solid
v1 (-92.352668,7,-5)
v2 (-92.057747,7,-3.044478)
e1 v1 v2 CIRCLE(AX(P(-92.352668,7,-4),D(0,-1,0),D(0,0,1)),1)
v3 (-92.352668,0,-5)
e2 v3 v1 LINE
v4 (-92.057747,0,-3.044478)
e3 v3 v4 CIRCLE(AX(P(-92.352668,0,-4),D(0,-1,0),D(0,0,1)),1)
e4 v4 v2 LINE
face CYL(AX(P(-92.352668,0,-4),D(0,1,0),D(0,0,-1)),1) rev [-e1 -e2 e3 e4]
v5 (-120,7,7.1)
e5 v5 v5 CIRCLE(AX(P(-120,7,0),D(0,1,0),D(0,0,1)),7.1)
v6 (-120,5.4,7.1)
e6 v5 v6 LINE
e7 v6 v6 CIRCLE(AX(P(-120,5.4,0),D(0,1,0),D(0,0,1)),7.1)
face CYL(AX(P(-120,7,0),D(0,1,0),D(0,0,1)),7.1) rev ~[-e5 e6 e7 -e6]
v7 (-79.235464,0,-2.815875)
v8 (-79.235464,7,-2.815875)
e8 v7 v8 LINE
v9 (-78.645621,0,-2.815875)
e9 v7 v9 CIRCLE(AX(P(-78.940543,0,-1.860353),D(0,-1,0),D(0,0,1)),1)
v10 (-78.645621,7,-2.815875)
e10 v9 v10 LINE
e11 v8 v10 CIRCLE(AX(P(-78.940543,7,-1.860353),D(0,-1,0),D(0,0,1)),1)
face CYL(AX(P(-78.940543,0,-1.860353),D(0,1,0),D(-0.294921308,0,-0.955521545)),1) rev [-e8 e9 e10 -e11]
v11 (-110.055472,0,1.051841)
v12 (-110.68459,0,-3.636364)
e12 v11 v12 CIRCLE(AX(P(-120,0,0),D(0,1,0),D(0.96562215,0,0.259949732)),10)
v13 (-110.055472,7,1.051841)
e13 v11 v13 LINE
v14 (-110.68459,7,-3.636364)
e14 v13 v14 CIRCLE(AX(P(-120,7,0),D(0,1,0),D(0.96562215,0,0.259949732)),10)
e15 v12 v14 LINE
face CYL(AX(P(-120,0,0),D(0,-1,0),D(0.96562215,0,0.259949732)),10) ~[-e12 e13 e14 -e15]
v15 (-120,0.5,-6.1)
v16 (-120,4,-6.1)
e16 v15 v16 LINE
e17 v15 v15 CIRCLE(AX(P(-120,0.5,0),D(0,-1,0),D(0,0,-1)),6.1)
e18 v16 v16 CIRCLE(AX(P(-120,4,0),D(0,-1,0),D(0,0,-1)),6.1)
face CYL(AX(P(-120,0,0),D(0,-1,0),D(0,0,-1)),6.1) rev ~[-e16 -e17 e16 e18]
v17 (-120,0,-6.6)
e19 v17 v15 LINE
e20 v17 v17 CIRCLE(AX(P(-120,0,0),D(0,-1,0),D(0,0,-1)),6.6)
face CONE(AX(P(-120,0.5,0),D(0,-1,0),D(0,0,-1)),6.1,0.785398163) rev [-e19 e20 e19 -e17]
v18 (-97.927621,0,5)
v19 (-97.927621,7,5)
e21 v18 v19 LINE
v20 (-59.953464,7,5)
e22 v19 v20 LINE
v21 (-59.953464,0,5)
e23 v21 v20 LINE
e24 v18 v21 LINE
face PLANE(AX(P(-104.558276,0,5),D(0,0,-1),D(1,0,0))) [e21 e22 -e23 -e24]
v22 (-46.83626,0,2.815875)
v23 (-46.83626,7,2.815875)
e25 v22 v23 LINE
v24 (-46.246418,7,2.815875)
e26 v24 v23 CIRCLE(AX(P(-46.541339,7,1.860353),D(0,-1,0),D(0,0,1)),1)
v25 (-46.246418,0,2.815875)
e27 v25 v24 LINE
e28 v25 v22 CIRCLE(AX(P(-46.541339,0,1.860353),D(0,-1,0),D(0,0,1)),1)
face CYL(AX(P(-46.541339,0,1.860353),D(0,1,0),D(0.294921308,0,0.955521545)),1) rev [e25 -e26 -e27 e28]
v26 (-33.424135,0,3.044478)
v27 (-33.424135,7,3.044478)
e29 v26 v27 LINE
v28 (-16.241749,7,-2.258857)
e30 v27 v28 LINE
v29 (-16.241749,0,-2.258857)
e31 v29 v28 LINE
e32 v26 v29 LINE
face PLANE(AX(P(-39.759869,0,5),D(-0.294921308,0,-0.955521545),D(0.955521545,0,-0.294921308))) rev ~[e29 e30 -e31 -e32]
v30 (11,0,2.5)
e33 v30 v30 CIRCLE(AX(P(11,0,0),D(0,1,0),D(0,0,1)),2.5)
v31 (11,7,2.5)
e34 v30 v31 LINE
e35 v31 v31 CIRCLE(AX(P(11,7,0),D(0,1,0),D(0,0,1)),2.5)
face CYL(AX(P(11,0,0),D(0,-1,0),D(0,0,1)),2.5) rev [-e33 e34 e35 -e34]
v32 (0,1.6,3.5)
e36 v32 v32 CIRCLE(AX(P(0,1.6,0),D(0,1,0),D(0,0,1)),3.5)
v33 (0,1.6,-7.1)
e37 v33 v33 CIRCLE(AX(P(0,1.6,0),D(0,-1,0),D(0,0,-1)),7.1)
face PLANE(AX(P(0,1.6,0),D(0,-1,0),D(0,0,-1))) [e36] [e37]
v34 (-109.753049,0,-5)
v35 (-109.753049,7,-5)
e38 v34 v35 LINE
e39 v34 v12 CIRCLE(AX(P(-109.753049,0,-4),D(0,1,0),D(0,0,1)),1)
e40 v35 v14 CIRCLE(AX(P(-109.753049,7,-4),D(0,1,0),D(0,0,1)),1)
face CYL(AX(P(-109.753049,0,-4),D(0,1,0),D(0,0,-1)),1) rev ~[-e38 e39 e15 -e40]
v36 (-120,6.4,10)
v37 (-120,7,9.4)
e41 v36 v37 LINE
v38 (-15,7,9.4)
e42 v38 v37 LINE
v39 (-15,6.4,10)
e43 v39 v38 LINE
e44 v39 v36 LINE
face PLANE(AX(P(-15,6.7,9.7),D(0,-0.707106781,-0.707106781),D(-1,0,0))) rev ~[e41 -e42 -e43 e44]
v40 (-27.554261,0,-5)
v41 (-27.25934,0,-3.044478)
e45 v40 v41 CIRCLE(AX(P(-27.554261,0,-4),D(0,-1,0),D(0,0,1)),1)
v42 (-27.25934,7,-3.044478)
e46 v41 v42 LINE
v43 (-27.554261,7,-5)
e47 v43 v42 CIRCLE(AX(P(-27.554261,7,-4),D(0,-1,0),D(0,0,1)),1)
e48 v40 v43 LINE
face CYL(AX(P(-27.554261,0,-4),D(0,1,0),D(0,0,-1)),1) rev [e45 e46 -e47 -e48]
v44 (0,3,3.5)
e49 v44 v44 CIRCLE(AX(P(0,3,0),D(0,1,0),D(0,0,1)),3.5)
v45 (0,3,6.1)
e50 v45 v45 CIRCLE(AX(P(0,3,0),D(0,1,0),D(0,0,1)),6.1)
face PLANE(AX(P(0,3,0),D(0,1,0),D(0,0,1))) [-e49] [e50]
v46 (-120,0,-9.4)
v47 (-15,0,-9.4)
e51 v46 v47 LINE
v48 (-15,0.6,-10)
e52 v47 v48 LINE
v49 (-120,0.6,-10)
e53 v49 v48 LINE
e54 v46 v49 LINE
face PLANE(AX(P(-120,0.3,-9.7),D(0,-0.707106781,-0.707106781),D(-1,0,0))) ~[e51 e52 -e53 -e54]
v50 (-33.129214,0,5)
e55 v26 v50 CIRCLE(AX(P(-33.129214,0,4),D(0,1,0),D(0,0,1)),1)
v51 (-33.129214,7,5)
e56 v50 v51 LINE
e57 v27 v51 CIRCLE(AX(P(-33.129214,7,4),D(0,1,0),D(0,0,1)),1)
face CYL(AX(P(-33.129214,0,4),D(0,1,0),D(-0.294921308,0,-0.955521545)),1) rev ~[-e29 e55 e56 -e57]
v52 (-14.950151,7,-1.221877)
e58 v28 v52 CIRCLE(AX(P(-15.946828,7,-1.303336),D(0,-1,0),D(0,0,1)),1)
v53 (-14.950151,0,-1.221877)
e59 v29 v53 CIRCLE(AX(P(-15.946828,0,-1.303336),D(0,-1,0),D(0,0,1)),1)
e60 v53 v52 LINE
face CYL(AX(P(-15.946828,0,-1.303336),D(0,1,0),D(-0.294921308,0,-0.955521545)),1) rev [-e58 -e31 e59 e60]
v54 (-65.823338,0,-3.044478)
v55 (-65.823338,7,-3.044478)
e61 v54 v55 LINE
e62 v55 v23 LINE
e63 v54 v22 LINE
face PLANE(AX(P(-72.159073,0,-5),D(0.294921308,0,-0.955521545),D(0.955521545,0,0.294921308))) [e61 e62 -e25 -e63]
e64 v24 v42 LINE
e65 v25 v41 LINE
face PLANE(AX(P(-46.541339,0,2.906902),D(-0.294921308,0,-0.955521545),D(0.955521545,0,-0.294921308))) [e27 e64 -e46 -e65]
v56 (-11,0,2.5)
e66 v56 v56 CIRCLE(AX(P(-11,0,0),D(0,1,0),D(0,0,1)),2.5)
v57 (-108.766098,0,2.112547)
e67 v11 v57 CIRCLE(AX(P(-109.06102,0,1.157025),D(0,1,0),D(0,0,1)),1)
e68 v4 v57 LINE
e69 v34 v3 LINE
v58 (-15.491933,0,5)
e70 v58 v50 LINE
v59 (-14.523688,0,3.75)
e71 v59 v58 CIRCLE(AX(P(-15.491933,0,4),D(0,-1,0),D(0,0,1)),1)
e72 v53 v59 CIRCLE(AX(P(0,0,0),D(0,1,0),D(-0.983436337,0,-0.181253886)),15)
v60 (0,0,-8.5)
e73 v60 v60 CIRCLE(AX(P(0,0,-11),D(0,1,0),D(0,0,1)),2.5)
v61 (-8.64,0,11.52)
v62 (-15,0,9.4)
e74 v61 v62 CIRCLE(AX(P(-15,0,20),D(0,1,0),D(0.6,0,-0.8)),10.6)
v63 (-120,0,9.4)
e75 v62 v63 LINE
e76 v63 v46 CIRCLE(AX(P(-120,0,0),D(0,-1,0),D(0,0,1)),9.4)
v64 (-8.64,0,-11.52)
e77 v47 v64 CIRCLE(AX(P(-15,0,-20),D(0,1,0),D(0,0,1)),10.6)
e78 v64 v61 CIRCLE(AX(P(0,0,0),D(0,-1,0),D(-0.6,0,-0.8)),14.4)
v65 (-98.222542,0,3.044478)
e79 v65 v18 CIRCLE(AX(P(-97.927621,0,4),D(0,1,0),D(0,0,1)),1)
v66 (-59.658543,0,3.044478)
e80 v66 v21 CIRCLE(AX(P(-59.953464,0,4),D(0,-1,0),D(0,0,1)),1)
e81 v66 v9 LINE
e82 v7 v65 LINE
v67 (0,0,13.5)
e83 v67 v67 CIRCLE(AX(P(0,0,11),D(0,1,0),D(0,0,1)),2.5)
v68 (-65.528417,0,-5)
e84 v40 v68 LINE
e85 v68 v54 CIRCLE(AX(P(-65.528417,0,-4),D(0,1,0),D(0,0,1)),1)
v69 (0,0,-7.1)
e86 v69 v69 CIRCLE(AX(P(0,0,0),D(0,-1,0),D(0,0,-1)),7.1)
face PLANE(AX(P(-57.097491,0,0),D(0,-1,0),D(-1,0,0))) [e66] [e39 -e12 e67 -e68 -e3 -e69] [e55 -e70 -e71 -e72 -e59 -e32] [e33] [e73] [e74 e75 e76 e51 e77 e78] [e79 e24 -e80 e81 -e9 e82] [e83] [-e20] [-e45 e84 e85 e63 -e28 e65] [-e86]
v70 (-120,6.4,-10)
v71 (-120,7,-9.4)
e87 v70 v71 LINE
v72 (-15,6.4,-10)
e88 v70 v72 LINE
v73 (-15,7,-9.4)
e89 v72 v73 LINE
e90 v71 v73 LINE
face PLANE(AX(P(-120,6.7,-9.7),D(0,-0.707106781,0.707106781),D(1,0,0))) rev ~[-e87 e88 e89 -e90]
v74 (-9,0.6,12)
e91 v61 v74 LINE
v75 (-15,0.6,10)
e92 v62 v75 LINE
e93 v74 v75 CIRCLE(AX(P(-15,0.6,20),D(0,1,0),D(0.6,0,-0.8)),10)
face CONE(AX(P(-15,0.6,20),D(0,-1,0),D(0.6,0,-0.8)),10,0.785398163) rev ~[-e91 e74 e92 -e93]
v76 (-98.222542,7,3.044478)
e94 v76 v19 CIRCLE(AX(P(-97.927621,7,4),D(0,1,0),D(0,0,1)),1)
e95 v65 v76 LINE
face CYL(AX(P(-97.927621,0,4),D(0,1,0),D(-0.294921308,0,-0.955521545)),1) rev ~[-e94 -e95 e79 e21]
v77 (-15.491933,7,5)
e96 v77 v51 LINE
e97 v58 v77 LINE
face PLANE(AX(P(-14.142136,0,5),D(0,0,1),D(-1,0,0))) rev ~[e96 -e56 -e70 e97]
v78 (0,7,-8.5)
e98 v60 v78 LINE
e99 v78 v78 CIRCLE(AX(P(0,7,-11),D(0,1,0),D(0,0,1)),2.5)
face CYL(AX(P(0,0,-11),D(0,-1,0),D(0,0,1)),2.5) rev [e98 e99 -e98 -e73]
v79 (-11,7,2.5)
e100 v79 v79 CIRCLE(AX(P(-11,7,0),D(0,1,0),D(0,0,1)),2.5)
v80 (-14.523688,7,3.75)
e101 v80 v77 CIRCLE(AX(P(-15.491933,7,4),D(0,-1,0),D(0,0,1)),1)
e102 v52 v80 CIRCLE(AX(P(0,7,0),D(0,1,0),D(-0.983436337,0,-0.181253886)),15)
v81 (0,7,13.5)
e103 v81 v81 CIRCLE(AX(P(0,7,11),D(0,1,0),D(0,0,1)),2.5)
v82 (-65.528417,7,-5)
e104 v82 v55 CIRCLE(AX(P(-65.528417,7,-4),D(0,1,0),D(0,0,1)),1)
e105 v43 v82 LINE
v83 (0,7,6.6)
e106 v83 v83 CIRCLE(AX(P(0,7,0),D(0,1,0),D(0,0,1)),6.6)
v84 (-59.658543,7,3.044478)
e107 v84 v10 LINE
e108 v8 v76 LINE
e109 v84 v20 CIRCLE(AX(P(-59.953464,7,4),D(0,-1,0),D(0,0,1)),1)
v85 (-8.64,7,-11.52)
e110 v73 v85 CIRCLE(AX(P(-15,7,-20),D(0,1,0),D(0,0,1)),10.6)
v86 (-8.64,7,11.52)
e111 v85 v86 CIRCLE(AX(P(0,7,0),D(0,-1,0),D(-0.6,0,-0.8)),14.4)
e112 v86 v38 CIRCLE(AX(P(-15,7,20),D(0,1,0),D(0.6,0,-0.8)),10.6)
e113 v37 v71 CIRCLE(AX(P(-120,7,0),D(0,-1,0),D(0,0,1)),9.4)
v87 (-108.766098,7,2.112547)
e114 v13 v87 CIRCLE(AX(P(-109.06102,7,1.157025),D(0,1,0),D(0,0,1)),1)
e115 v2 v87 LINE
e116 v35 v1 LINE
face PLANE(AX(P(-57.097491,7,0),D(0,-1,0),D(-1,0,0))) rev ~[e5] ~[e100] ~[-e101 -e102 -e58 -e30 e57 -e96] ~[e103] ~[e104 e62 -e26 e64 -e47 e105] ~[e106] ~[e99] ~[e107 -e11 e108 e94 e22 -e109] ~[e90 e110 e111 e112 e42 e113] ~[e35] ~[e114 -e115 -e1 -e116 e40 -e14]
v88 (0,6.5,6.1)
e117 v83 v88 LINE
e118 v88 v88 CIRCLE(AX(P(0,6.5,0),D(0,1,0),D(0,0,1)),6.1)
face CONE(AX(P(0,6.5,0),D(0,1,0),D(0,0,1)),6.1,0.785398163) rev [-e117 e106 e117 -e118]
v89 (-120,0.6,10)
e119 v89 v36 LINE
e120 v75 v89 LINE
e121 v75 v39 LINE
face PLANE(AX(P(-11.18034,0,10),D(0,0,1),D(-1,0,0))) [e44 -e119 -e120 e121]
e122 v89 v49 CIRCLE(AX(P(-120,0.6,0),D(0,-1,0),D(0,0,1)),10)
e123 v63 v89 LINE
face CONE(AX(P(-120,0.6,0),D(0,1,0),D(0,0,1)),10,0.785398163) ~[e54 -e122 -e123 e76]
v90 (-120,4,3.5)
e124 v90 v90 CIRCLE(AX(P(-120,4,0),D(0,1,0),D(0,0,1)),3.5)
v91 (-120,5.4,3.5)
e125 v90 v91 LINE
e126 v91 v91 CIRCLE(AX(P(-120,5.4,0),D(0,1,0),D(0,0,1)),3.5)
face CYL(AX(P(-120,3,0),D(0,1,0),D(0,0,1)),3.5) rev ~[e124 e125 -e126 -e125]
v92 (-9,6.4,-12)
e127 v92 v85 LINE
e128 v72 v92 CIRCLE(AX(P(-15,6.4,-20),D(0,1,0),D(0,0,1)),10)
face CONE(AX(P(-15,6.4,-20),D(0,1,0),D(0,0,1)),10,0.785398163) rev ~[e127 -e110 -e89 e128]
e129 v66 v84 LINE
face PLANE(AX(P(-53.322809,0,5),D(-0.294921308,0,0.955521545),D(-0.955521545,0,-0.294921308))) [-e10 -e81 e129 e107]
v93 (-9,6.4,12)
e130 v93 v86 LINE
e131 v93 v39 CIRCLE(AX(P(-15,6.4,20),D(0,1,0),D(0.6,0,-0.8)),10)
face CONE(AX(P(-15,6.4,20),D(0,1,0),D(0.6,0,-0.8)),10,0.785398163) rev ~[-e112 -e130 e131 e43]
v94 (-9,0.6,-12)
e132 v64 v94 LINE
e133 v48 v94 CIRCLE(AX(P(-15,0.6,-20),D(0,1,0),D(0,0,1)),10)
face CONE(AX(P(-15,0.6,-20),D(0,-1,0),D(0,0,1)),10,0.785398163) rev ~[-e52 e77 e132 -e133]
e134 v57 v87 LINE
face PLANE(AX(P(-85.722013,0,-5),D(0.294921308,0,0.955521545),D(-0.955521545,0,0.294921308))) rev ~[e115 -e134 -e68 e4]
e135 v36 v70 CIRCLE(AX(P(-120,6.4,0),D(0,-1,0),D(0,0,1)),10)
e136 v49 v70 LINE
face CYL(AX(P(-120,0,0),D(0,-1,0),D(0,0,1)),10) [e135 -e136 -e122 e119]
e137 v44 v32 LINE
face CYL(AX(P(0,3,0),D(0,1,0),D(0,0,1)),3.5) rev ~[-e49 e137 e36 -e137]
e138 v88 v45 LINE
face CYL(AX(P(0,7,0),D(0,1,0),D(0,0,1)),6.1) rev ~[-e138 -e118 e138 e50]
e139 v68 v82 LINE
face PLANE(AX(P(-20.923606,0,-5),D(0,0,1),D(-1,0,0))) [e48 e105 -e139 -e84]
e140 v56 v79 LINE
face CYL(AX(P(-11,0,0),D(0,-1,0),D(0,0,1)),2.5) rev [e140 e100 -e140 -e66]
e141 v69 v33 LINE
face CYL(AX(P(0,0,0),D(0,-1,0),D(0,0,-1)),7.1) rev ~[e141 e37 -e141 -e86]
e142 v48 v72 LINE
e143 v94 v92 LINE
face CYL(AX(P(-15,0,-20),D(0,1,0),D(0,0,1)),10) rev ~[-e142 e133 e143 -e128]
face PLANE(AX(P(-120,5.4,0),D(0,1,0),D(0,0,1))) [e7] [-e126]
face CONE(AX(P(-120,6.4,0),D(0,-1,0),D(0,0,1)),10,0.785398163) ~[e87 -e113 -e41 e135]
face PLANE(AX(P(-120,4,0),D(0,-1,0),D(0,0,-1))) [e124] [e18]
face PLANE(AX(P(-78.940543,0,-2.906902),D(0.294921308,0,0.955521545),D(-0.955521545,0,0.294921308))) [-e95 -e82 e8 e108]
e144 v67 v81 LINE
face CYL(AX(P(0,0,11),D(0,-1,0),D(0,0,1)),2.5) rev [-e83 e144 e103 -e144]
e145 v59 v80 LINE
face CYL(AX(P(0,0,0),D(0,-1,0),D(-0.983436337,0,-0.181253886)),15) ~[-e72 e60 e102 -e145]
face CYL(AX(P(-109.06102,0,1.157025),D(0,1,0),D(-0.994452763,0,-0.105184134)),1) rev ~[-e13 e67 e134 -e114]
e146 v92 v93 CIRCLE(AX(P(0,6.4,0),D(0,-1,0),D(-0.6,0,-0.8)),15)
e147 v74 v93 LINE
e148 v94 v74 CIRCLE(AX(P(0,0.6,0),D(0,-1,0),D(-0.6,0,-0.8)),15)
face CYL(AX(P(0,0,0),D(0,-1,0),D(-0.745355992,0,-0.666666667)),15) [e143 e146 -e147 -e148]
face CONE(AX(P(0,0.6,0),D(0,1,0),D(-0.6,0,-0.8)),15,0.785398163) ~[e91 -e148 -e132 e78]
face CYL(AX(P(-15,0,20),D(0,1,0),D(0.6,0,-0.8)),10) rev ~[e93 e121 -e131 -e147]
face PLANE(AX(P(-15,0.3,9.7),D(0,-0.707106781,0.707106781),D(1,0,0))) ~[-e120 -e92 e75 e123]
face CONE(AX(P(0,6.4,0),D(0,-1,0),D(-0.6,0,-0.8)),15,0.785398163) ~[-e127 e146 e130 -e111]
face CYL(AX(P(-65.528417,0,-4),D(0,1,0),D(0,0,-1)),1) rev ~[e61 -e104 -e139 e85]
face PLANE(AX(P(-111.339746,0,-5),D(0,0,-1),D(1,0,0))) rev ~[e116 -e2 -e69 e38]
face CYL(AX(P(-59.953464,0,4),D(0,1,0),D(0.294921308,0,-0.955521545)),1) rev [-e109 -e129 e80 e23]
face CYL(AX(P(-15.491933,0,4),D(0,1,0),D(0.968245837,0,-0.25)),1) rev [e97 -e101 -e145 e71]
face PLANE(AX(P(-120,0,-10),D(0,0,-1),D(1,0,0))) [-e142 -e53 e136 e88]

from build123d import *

# Parameters (mm, degrees)
SKETCH_1_R          = 2.5
EXTRUDE_1_DEPTH     = 7
FILLET_1_R          = 1
FILLET_2_R          = 1
FILLET_3_R          = 1
FILLET_4_R          = 1
FILLET_5_R          = 10
SKETCH_2_R          = 7.1
CUT_EXTRUDE_1_DEPTH = 1.6
SKETCH_3_R          = 6.1
CUT_EXTRUDE_2_DEPTH = 4
SKETCH_4_R          = 6.1
CUT_EXTRUDE_4_DEPTH = 4
SKETCH_5_R          = 7.1
CUT_EXTRUDE_5_DEPTH = 1.6
SKETCH_6_R          = 3.5
CUT_EXTRUDE_6_DEPTH = 5
CHAMFER_1_SIZE      = 0.6
CHAMFER_2_SIZE      = 0.5


with BuildPart() as part:
    # 草图1 → 凸台-拉伸1 (new body)
    with BuildSketch(Plane(origin=(0, 0, 0), x_dir=(1, 0, 0), z_dir=(0, 1, 0))):
        with BuildLine():
            Line((-120, 10), (-11.180339887, 10))
            ThreePointArc((-11.180339887, 10), (15, 0), (-11.180339887, -10))
            Line((-11.180339887, -10), (-120, -10))
            ThreePointArc((-120, -10), (-130, 0), (-120, 10))
        make_face()
        with Locations(Location((-11, 0, 0), (0, 0, 270))):
            Circle(SKETCH_1_R, mode=Mode.SUBTRACT)
        with Locations(Location((0, 11, 0), (0, 0, 270))):
            Circle(SKETCH_1_R, mode=Mode.SUBTRACT)
        with Locations(Location((11, 0, 0), (0, 0, 270))):
            Circle(SKETCH_1_R, mode=Mode.SUBTRACT)
        with Locations(Location((0, -11, 0), (0, 0, 270))):
            Circle(SKETCH_1_R, mode=Mode.SUBTRACT)
        Polygon((-104.558275962, -5), (-53.32280907, -5), (-78.940542516, 2.906902245), align=None, mode=Mode.SUBTRACT)
        with BuildLine():
            Line((-111.339745962, 5), (-85.722012516, 5))
            Line((-85.722012516, 5), (-110.343778499, -2.599497322))
            ThreePointArc((-110.343778499, -2.599497322), (-110.084789012, 1.299457992), (-111.339745962, 5))
        make_face(mode=Mode.SUBTRACT)
        Polygon((-72.159072516, 5), (-46.54133907, -2.906902245), (-20.923605624, 5), align=None, mode=Mode.SUBTRACT)
        with BuildLine():
            Line((-39.75986907, -5), (-14.751545054, 2.71880829))
            ThreePointArc((-14.751545054, 2.71880829), (-14.953467696, -1.180594709), (-14.142135624, -5))
            Line((-14.142135624, -5), (-39.75986907, -5))
        make_face(mode=Mode.SUBTRACT)
    extrude(amount=EXTRUDE_1_DEPTH)

    # 圆角1
    fillet_1_edges = [part.edges().sort_by_distance(p)[0] for p in [
        (-85.722012516, 3.5, -5),
        (-111.339745962, 3.5, -5),
        (-110.343778499, 3.5, 2.599497322),
    ]]
    fillet(fillet_1_edges, radius=FILLET_1_R)

    # 圆角2
    fillet_2_edges = [part.edges().sort_by_distance(p)[0] for p in [
        (-104.558275962, 3.5, 5),
        (-53.32280907, 3.5, 5),
        (-78.940542516, 3.5, -2.906902245),
    ]]
    fillet(fillet_2_edges, radius=FILLET_2_R)

    # 圆角3
    fillet_3_edges = [part.edges().sort_by_distance(p)[0] for p in [
        (-46.54133907, 3.5, 2.906902245),
        (-20.923605624, 3.5, -5),
        (-72.159072516, 3.5, -5),
    ]]
    fillet(fillet_3_edges, radius=FILLET_3_R)

    # 圆角4
    fillet_4_edges = [part.edges().sort_by_distance(p)[0] for p in [
        (-39.75986907, 3.5, 5),
        (-14.142135624, 3.5, 5),
        (-14.751545054, 3.5, -2.71880829),
    ]]
    fillet(fillet_4_edges, radius=FILLET_4_R)

    # 圆角5
    fillet_5_edges = [part.edges().sort_by_distance(p)[0] for p in [
        (-11.180339887, 3.5, -10),
        (-11.180339887, 3.5, 10),
    ]]
    fillet(fillet_5_edges, radius=FILLET_5_R)

    # 草图2 → 切除-拉伸1 (cut)
    with BuildSketch(Plane(origin=(0, 0, 0), x_dir=(-1, 0, 0), z_dir=(0, -1, 0))):
        with Locations(Location((0, 0, 0), (0, 0, 90))):
            Circle(SKETCH_2_R)
    extrude(amount=-CUT_EXTRUDE_1_DEPTH, mode=Mode.SUBTRACT)

    # 草图3 → 切除-拉伸2 (cut)
    with BuildSketch(Plane(origin=(0, 0, 0), x_dir=(-1, 0, 0), z_dir=(0, -1, 0))):
        with Locations(Location((120, 0, 0), (0, 0, 90))):
            Circle(SKETCH_3_R)
    extrude(amount=-CUT_EXTRUDE_2_DEPTH, mode=Mode.SUBTRACT)

    # 草图4 → 切除-拉伸4 (cut)
    with BuildSketch(Plane(origin=(0, 7, 0), x_dir=(1, 0, 0), z_dir=(0, 1, 0))):
        with Locations(Location((0, 0, 0), (0, 0, 270))):
            Circle(SKETCH_4_R)
    extrude(amount=-CUT_EXTRUDE_4_DEPTH, mode=Mode.SUBTRACT)

    # 草图5 → 切除-拉伸5 (cut)
    with BuildSketch(Plane(origin=(0, 7, 0), x_dir=(1, 0, 0), z_dir=(0, 1, 0))):
        with Locations(Location((-120, 0, 0), (0, 0, 270))):
            Circle(SKETCH_5_R)
    extrude(amount=-CUT_EXTRUDE_5_DEPTH, mode=Mode.SUBTRACT)

    # 草图6 → 切除-拉伸6 (cut, symmetric)
    with BuildSketch(Plane(origin=(0, 3, 0), x_dir=(1, 0, 0), z_dir=(0, 1, 0))):
        with Locations(Location((0, 0, 0), (0, 0, 270))):
            Circle(SKETCH_6_R)
        with Locations(Location((-120, 0, 0), (0, 0, 270))):
            Circle(SKETCH_6_R)
    extrude(amount=CUT_EXTRUDE_6_DEPTH, both=True, mode=Mode.SUBTRACT)

    # 倒角1
    chamfer_1_edges = [part.edges().sort_by_distance(p)[0] for p in [
        (15, 0, 0),
        (15, 7, 0),
        (-11.83772234, 0, 10.513167019),
        (-11.83772234, 7, 10.513167019),
        (-11.83772234, 0, -10.513167019),
        (-11.83772234, 7, -10.513167019),
        (-130, 0, 0),
        (-67.5, 0, -10),
        (-67.5, 0, 10),
        (-67.5, 7, 10),
        (-67.5, 7, -10),
        (-130, 7, 0),
    ]]
    chamfer(chamfer_1_edges, length=CHAMFER_1_SIZE)

    # 倒角2
    chamfer_2_edges = [part.edges().sort_by_distance(p)[0] for p in [
        (-120, 0, 6.1),
        (0, 7, -6.1),
    ]]
    chamfer(chamfer_2_edges, length=CHAMFER_2_SIZE)


solid = part.part
